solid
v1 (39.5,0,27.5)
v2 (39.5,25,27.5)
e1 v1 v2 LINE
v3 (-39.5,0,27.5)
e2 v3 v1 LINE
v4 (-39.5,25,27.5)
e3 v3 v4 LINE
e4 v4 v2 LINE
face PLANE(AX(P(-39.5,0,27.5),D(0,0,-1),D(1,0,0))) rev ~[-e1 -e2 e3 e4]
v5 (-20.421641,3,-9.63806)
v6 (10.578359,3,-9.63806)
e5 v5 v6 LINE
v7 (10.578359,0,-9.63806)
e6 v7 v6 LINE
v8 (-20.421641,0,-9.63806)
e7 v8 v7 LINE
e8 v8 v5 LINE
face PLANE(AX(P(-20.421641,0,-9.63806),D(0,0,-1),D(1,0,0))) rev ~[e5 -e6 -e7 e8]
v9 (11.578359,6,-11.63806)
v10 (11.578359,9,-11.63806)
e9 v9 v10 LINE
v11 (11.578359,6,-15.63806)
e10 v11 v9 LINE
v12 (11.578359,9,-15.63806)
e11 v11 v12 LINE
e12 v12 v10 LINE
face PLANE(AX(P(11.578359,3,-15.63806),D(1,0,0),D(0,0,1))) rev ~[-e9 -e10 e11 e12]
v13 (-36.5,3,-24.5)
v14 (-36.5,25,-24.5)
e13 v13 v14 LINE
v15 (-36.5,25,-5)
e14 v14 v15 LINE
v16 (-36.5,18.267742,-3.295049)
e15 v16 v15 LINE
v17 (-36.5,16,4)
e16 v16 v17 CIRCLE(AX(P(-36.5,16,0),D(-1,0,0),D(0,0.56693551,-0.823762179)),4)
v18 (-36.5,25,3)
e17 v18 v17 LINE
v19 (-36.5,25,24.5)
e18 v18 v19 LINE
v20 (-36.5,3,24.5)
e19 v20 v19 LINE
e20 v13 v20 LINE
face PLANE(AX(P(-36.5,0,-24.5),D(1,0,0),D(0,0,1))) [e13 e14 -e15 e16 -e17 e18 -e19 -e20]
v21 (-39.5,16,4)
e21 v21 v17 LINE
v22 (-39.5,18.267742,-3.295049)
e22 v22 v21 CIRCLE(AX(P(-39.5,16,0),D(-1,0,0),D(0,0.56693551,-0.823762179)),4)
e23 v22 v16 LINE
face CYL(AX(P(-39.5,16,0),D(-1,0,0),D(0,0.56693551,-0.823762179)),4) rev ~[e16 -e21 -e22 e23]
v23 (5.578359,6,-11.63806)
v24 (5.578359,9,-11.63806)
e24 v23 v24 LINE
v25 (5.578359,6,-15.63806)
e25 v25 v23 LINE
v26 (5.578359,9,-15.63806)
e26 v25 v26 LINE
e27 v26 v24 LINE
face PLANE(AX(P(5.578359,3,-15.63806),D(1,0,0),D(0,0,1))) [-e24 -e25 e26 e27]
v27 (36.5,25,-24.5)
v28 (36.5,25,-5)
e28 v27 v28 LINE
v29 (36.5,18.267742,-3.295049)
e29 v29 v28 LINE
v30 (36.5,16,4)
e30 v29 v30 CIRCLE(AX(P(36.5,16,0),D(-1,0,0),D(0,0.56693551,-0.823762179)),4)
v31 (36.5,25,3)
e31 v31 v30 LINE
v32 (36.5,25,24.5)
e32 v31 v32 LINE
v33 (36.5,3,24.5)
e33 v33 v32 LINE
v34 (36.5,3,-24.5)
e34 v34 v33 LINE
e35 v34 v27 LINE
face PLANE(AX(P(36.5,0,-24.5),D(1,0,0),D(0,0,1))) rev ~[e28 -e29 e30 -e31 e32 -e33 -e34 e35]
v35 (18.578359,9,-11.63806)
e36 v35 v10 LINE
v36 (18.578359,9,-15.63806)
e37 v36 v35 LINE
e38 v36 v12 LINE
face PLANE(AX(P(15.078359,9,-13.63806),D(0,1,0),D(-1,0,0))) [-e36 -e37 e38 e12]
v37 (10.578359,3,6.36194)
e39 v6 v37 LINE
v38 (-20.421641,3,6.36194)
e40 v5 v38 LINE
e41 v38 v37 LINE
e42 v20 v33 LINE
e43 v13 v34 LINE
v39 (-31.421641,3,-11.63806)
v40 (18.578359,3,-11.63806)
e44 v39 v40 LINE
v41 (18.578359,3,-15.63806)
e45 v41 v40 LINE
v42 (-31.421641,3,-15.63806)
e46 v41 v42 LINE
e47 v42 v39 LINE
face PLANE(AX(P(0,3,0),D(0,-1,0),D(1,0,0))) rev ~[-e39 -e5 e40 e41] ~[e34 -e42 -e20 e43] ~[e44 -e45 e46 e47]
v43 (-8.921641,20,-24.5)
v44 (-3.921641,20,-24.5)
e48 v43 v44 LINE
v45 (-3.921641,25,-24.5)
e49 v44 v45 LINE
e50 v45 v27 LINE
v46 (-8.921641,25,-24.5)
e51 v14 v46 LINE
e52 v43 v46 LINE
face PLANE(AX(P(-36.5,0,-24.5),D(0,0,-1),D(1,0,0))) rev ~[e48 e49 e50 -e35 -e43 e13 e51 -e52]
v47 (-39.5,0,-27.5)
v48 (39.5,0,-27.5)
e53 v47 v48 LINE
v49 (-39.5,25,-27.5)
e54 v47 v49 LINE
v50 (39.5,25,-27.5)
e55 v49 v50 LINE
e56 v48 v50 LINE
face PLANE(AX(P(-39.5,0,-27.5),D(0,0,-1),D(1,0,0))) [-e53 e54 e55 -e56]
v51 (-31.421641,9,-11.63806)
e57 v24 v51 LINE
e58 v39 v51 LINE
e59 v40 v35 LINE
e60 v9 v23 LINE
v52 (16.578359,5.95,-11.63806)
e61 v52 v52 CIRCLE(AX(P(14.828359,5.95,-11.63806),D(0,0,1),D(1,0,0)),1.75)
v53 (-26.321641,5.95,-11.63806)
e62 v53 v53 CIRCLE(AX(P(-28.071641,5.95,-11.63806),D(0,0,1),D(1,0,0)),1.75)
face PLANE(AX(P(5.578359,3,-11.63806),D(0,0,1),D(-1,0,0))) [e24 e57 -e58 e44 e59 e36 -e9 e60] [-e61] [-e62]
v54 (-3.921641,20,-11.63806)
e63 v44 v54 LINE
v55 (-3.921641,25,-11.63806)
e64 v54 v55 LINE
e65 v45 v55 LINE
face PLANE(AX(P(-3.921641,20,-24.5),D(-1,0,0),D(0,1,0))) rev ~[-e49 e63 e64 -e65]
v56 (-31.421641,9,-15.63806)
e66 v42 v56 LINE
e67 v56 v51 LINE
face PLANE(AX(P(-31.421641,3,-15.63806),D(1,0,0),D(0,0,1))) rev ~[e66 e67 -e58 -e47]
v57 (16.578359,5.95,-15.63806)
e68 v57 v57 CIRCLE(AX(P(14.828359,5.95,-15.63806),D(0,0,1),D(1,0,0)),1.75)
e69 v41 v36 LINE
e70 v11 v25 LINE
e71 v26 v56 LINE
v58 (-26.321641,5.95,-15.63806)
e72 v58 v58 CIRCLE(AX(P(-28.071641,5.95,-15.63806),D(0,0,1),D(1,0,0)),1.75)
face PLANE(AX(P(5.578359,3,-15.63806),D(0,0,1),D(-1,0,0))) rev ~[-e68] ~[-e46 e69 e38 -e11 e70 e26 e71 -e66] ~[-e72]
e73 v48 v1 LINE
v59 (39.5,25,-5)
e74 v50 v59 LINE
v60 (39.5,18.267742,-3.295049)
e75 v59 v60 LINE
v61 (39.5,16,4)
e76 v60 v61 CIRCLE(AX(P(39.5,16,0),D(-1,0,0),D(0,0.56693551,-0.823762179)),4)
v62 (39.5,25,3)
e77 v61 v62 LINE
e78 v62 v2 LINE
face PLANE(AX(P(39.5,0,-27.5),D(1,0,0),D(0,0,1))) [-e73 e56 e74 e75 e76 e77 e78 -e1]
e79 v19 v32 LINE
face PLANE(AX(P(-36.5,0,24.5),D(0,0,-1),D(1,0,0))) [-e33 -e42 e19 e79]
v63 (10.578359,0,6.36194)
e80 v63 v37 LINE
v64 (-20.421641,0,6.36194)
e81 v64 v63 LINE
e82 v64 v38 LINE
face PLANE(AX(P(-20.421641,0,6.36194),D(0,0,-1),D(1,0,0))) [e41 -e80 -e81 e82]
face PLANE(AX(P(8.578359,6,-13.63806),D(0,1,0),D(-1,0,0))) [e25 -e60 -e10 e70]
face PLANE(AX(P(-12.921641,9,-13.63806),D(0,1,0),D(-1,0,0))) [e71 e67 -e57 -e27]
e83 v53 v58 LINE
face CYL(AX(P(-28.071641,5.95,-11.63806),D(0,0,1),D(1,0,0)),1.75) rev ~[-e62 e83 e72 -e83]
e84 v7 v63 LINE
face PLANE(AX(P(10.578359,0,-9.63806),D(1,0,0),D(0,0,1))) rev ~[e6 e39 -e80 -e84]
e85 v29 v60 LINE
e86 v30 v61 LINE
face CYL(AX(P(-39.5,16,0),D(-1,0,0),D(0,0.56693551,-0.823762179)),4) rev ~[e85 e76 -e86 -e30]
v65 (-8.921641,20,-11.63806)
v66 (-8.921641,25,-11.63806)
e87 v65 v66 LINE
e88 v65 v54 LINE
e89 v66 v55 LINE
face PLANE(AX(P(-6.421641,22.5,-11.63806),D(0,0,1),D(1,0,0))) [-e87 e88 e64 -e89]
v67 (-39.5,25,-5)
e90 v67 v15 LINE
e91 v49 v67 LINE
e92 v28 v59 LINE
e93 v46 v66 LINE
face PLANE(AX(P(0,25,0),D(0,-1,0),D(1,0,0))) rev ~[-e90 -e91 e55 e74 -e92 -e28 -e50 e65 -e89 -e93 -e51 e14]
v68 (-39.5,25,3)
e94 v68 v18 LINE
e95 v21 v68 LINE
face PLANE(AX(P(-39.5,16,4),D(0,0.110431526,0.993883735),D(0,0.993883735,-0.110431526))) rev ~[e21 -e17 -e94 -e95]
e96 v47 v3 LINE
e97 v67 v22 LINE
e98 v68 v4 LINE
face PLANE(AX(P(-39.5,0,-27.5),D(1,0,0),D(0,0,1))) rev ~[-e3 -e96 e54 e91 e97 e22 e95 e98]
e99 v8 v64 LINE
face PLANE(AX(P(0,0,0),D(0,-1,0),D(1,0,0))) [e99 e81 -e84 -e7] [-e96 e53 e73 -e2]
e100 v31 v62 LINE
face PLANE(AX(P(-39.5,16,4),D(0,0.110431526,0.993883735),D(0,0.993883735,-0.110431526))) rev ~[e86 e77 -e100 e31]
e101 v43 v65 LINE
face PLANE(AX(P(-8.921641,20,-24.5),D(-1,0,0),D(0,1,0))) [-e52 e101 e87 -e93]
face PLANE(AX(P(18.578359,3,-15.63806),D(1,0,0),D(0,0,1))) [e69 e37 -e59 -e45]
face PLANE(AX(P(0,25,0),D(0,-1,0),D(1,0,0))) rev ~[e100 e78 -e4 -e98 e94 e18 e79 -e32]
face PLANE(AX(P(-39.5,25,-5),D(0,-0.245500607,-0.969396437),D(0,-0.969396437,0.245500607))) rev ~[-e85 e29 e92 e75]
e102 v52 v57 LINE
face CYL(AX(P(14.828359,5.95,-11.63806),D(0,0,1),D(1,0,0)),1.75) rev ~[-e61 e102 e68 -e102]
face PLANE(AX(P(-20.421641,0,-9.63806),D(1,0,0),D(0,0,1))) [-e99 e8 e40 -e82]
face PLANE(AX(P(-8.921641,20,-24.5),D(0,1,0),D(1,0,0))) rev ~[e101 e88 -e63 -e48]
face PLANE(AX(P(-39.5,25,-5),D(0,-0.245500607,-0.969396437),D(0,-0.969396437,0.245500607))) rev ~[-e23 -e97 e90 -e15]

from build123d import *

# Parameters (mm, degrees)
F0_W      = 79
F0_H      = 55
F0_W_2    = 73
F0_H_2    = 49
F1_DEPTH  = 25
F3_DEPTH  = 79
F0_W_3    = 31
F0_H_3    = 16
F4_DEPTH  = 3
F5_W      = 6
F5_H      = 4
F6_DEPTH  = 3
F5_W_2    = 37
F5_W_3    = 7
F7_DEPTH  = 6
F8_W      = 5
F8_H      = 5
F9_DEPTH  = 12.86194
F10_R     = 1.75
F11_DEPTH = 4


with BuildPart() as f1:
    # F0 (on Front) → F1 (new body)
    with BuildSketch(Plane.XZ):
        Rectangle(F0_W, F0_H)
        Rectangle(F0_W_2, F0_H_2, mode=Mode.SUBTRACT)
    extrude(amount=-F1_DEPTH)

    # F2 (on face) → F3 (cut, through all)
    with BuildSketch(Plane(origin=(-39.5, 0, 0), x_dir=(0, -1, 0), z_dir=(-1, 0, 0))):
        with BuildLine():
            Line((-25, -5), (-18.267742, -3.295049))
            ThreePointArc((-18.267742, -3.295049), (-12.180301, -1.187393), (-16, 4))
            Line((-16, 4), (-16.878049, 3.902439))
            Line((-16.878049, 3.902439), (-25, 3))
            Line((-25, 3), (-25, -5))
        make_face()
    extrude(amount=-F3_DEPTH, mode=Mode.SUBTRACT)

    # F0 (on Front) → F4 (join)
    with BuildSketch(Plane.XZ):
        Rectangle(F0_W_2, F0_H_2)
        with Locations((-4.921641, -1.63806)):
            Rectangle(F0_W_3, F0_H_3, mode=Mode.SUBTRACT)
    extrude(amount=-F4_DEPTH)

    # F5 (on face) → F6 (join)
    with BuildSketch(Plane(origin=(0, 3, 0), x_dir=(-1, 0, 0), z_dir=(0, 1, 0))):
        with Locations((-8.578359, -13.63806)):
            Rectangle(F5_W, F5_H)
    extrude(amount=F6_DEPTH)

    # F5 (on face) → F7 (join)
    with BuildSketch(Plane(origin=(0, 3, 0), x_dir=(-1, 0, 0), z_dir=(0, 1, 0))):
        with Locations((12.921641, -13.63806)):
            Rectangle(F5_W_2, F5_H)
        with Locations((-15.078359, -13.63806)):
            Rectangle(F5_W_3, F5_H)
    extrude(amount=F7_DEPTH)

    # F8 (on face) → F9 (join)
    with BuildSketch(Plane.XY.offset(-24.5)):
        with Locations((-6.421641, 22.5)):
            Rectangle(F8_W, F8_H)
    extrude(amount=F9_DEPTH)

    # F10 (on face) → F11 (cut, through all)
    with BuildSketch(Plane.XY.offset(-11.63806)):
        with Locations((14.828359, 5.95)):
            Circle(F10_R)
        with Locations((-28.071641, 5.95)):
            Circle(F10_R)
    extrude(amount=-F11_DEPTH, mode=Mode.SUBTRACT)


solid = f1.part
